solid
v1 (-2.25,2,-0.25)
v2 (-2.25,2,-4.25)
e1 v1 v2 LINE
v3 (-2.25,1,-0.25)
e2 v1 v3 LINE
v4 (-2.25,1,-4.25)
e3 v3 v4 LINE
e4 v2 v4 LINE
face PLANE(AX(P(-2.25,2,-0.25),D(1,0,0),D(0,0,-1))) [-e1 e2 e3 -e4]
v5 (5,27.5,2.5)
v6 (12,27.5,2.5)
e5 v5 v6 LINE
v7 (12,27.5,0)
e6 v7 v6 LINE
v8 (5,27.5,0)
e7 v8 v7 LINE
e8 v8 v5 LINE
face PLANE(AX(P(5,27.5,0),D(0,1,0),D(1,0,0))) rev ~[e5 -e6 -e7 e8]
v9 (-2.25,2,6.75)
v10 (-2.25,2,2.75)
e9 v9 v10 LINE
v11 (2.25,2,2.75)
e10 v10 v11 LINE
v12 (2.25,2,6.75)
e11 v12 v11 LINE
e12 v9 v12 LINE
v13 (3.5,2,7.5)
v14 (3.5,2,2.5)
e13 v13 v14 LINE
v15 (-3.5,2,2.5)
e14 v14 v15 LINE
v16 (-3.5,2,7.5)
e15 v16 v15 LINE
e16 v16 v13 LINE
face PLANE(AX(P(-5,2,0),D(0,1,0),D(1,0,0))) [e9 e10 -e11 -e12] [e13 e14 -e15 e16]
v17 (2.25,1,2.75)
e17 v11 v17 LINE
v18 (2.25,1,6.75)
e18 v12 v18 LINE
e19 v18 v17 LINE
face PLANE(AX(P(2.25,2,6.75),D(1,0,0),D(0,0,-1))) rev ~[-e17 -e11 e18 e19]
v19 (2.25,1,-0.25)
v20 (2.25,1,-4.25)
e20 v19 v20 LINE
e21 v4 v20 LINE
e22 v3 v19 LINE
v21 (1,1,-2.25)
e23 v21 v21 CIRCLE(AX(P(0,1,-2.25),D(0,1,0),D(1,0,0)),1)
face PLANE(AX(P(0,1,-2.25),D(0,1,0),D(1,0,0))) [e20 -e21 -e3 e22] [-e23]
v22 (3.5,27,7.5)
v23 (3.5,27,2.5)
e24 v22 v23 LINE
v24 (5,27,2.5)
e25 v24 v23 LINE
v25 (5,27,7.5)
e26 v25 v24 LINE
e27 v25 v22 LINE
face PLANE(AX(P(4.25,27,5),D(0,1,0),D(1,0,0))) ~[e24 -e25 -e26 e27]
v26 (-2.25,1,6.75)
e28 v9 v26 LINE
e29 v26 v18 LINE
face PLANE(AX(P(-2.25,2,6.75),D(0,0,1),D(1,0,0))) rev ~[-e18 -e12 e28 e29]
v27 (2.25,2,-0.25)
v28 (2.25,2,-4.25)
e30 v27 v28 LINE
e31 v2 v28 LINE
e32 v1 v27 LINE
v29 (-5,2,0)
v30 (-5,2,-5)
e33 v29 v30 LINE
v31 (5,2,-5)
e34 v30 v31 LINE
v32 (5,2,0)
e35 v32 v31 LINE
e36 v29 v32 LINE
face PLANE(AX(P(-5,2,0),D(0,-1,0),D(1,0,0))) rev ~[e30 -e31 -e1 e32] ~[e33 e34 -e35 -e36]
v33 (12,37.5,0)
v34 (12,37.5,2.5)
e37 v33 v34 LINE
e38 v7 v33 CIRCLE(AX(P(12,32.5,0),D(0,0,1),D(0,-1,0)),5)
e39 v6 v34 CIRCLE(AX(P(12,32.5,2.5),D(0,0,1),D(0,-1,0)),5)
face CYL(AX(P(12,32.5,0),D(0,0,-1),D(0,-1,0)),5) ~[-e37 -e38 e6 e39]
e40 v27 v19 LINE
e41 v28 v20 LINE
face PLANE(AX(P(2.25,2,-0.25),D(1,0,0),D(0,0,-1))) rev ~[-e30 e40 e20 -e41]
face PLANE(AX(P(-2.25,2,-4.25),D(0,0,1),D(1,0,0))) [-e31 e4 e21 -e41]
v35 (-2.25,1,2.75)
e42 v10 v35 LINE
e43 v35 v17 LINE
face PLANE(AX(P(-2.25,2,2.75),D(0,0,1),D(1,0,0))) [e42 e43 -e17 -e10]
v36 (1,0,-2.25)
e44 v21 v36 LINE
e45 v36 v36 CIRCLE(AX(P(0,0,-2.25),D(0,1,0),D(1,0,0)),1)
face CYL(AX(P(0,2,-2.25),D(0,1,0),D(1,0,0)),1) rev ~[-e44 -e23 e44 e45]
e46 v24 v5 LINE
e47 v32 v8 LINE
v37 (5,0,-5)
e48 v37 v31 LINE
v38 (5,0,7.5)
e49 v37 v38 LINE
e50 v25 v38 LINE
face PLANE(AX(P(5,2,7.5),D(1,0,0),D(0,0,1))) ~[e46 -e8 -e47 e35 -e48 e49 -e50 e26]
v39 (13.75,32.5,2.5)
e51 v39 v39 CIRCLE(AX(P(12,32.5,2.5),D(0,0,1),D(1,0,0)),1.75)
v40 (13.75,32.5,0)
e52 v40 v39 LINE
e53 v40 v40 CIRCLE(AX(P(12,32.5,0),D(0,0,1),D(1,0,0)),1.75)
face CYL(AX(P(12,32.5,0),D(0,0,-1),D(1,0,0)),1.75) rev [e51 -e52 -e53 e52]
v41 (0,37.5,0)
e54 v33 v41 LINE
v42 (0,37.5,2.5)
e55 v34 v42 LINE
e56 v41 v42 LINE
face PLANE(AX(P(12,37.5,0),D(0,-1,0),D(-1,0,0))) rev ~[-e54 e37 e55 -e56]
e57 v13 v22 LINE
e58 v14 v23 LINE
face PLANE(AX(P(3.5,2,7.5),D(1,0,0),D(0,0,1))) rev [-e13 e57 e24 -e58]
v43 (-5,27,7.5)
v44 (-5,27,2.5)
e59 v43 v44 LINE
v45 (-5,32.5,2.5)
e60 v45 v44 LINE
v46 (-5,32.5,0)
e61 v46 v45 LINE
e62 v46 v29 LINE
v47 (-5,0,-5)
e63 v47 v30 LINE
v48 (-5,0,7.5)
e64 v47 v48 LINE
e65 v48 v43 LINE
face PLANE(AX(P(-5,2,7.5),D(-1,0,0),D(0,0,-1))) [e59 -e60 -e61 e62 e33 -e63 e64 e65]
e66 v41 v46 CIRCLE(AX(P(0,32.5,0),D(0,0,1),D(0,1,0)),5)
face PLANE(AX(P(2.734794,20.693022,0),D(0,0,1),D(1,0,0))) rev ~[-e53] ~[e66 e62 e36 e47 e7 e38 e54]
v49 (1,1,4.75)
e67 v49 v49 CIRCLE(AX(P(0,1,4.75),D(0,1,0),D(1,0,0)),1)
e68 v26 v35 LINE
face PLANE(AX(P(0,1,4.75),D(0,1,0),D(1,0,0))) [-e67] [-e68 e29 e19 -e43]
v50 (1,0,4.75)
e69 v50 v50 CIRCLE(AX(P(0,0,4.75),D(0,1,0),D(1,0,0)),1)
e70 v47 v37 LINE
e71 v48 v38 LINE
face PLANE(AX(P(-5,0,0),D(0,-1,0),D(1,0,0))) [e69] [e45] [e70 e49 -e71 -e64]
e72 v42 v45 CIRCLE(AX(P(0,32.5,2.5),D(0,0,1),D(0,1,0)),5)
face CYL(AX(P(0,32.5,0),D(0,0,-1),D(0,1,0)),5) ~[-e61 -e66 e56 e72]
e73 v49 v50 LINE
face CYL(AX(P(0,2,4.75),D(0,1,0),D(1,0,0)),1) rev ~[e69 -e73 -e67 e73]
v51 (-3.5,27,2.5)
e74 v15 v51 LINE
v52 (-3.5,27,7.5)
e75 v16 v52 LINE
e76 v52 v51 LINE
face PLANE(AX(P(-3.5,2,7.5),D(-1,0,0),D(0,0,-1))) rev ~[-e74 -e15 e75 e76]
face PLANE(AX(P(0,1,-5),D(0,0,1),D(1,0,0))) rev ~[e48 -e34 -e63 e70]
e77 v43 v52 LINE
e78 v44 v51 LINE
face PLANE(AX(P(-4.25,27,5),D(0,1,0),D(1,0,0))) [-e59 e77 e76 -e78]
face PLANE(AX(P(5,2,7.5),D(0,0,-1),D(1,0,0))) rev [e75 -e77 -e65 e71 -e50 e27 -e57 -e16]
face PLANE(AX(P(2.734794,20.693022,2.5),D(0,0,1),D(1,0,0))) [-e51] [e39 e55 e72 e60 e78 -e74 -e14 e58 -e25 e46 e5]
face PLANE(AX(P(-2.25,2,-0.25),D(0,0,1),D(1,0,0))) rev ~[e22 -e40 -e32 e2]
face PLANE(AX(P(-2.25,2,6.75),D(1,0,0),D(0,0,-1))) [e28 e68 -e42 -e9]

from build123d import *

# Parameters (mm, degrees)
SKETCH1_R          = 1.75
AXLEHOLDER_DEPTH   = 2.5
SKETCH1_3_W        = 10
SKETCH1_3_H        = 2
BASE_DEPTH         = 7.5
BASE_DEPTH_BACK    = 5
SKETCH2_R          = 1
BOLTHOLES_DEPTH    = 3
SKETCH3_W          = 4.5
SKETCH3_H          = 4
NUTSLOTS_DEPTH     = 1
SKETCH4_W          = 1.5
SKETCH4_H          = 5
STIFFENERRIB_DEPTH = 25


with BuildPart() as part:
    # Sketch1 → AxleHolder (new body)
    with BuildSketch(Plane.XY):
        with BuildLine():
            Line((-5, 0), (5, 0))
            Line((5, 0), (5, 27.5))
            Line((5, 27.5), (12, 27.5))
            ThreePointArc((12, 27.5), (17, 32.5), (12, 37.5))
            Line((12, 37.5), (0, 37.5))
            ThreePointArc((0, 37.5), (-3.535533906, 36.035533906), (-5, 32.5))
            Line((-5, 32.5), (-5, 0))
        make_face()
        with Locations((12, 32.5)):
            Circle(SKETCH1_R, mode=Mode.SUBTRACT)
    extrude(amount=AXLEHOLDER_DEPTH)

    # Sketch1_3 → Base (add, two sides)
    with BuildSketch(Plane.XY) as base_sk:
        with Locations((0, 1)):
            Rectangle(SKETCH1_3_W, SKETCH1_3_H)
    extrude(amount=BASE_DEPTH)
    extrude(base_sk.sketch, amount=-BASE_DEPTH_BACK)

    # Sketch2 → BoltHoles (cut, through all)
    with BuildSketch(Plane(origin=(0, 2, 0), x_dir=(1, 0, 0), z_dir=(0, 1, 0))):
        with Locations((0, 2.25)):
            Circle(SKETCH2_R)
        with Locations((0, -4.75)):
            Circle(SKETCH2_R)
    extrude(amount=-BOLTHOLES_DEPTH, mode=Mode.SUBTRACT)

    # Sketch3 → NutSlots (cut)
    with BuildSketch(Plane(origin=(0, 2, 0), x_dir=(1, 0, 0), z_dir=(0, 1, 0))):
        with Locations((0, -4.75)):
            Rectangle(SKETCH3_W, SKETCH3_H)
        with Locations((0, 2.25)):
            Rectangle(SKETCH3_W, SKETCH3_H)
    extrude(amount=-NUTSLOTS_DEPTH, mode=Mode.SUBTRACT)

    # Sketch4 → StiffenerRib (add)
    with BuildSketch(Plane(origin=(0, 2, 0), x_dir=(1, 0, 0), z_dir=(0, 1, 0))):
        with Locations((-4.25, -5)):
            Rectangle(SKETCH4_W, SKETCH4_H)
    stiffenerrib = extrude(amount=STIFFENERRIB_DEPTH)

    # StiffenerRib2: StiffenerRib across plane
    add(stiffenerrib.mirror(Plane(origin=(0, 0, 0), x_dir=(0, 0, 1), z_dir=(1, 0, 0))))


solid = part.part
